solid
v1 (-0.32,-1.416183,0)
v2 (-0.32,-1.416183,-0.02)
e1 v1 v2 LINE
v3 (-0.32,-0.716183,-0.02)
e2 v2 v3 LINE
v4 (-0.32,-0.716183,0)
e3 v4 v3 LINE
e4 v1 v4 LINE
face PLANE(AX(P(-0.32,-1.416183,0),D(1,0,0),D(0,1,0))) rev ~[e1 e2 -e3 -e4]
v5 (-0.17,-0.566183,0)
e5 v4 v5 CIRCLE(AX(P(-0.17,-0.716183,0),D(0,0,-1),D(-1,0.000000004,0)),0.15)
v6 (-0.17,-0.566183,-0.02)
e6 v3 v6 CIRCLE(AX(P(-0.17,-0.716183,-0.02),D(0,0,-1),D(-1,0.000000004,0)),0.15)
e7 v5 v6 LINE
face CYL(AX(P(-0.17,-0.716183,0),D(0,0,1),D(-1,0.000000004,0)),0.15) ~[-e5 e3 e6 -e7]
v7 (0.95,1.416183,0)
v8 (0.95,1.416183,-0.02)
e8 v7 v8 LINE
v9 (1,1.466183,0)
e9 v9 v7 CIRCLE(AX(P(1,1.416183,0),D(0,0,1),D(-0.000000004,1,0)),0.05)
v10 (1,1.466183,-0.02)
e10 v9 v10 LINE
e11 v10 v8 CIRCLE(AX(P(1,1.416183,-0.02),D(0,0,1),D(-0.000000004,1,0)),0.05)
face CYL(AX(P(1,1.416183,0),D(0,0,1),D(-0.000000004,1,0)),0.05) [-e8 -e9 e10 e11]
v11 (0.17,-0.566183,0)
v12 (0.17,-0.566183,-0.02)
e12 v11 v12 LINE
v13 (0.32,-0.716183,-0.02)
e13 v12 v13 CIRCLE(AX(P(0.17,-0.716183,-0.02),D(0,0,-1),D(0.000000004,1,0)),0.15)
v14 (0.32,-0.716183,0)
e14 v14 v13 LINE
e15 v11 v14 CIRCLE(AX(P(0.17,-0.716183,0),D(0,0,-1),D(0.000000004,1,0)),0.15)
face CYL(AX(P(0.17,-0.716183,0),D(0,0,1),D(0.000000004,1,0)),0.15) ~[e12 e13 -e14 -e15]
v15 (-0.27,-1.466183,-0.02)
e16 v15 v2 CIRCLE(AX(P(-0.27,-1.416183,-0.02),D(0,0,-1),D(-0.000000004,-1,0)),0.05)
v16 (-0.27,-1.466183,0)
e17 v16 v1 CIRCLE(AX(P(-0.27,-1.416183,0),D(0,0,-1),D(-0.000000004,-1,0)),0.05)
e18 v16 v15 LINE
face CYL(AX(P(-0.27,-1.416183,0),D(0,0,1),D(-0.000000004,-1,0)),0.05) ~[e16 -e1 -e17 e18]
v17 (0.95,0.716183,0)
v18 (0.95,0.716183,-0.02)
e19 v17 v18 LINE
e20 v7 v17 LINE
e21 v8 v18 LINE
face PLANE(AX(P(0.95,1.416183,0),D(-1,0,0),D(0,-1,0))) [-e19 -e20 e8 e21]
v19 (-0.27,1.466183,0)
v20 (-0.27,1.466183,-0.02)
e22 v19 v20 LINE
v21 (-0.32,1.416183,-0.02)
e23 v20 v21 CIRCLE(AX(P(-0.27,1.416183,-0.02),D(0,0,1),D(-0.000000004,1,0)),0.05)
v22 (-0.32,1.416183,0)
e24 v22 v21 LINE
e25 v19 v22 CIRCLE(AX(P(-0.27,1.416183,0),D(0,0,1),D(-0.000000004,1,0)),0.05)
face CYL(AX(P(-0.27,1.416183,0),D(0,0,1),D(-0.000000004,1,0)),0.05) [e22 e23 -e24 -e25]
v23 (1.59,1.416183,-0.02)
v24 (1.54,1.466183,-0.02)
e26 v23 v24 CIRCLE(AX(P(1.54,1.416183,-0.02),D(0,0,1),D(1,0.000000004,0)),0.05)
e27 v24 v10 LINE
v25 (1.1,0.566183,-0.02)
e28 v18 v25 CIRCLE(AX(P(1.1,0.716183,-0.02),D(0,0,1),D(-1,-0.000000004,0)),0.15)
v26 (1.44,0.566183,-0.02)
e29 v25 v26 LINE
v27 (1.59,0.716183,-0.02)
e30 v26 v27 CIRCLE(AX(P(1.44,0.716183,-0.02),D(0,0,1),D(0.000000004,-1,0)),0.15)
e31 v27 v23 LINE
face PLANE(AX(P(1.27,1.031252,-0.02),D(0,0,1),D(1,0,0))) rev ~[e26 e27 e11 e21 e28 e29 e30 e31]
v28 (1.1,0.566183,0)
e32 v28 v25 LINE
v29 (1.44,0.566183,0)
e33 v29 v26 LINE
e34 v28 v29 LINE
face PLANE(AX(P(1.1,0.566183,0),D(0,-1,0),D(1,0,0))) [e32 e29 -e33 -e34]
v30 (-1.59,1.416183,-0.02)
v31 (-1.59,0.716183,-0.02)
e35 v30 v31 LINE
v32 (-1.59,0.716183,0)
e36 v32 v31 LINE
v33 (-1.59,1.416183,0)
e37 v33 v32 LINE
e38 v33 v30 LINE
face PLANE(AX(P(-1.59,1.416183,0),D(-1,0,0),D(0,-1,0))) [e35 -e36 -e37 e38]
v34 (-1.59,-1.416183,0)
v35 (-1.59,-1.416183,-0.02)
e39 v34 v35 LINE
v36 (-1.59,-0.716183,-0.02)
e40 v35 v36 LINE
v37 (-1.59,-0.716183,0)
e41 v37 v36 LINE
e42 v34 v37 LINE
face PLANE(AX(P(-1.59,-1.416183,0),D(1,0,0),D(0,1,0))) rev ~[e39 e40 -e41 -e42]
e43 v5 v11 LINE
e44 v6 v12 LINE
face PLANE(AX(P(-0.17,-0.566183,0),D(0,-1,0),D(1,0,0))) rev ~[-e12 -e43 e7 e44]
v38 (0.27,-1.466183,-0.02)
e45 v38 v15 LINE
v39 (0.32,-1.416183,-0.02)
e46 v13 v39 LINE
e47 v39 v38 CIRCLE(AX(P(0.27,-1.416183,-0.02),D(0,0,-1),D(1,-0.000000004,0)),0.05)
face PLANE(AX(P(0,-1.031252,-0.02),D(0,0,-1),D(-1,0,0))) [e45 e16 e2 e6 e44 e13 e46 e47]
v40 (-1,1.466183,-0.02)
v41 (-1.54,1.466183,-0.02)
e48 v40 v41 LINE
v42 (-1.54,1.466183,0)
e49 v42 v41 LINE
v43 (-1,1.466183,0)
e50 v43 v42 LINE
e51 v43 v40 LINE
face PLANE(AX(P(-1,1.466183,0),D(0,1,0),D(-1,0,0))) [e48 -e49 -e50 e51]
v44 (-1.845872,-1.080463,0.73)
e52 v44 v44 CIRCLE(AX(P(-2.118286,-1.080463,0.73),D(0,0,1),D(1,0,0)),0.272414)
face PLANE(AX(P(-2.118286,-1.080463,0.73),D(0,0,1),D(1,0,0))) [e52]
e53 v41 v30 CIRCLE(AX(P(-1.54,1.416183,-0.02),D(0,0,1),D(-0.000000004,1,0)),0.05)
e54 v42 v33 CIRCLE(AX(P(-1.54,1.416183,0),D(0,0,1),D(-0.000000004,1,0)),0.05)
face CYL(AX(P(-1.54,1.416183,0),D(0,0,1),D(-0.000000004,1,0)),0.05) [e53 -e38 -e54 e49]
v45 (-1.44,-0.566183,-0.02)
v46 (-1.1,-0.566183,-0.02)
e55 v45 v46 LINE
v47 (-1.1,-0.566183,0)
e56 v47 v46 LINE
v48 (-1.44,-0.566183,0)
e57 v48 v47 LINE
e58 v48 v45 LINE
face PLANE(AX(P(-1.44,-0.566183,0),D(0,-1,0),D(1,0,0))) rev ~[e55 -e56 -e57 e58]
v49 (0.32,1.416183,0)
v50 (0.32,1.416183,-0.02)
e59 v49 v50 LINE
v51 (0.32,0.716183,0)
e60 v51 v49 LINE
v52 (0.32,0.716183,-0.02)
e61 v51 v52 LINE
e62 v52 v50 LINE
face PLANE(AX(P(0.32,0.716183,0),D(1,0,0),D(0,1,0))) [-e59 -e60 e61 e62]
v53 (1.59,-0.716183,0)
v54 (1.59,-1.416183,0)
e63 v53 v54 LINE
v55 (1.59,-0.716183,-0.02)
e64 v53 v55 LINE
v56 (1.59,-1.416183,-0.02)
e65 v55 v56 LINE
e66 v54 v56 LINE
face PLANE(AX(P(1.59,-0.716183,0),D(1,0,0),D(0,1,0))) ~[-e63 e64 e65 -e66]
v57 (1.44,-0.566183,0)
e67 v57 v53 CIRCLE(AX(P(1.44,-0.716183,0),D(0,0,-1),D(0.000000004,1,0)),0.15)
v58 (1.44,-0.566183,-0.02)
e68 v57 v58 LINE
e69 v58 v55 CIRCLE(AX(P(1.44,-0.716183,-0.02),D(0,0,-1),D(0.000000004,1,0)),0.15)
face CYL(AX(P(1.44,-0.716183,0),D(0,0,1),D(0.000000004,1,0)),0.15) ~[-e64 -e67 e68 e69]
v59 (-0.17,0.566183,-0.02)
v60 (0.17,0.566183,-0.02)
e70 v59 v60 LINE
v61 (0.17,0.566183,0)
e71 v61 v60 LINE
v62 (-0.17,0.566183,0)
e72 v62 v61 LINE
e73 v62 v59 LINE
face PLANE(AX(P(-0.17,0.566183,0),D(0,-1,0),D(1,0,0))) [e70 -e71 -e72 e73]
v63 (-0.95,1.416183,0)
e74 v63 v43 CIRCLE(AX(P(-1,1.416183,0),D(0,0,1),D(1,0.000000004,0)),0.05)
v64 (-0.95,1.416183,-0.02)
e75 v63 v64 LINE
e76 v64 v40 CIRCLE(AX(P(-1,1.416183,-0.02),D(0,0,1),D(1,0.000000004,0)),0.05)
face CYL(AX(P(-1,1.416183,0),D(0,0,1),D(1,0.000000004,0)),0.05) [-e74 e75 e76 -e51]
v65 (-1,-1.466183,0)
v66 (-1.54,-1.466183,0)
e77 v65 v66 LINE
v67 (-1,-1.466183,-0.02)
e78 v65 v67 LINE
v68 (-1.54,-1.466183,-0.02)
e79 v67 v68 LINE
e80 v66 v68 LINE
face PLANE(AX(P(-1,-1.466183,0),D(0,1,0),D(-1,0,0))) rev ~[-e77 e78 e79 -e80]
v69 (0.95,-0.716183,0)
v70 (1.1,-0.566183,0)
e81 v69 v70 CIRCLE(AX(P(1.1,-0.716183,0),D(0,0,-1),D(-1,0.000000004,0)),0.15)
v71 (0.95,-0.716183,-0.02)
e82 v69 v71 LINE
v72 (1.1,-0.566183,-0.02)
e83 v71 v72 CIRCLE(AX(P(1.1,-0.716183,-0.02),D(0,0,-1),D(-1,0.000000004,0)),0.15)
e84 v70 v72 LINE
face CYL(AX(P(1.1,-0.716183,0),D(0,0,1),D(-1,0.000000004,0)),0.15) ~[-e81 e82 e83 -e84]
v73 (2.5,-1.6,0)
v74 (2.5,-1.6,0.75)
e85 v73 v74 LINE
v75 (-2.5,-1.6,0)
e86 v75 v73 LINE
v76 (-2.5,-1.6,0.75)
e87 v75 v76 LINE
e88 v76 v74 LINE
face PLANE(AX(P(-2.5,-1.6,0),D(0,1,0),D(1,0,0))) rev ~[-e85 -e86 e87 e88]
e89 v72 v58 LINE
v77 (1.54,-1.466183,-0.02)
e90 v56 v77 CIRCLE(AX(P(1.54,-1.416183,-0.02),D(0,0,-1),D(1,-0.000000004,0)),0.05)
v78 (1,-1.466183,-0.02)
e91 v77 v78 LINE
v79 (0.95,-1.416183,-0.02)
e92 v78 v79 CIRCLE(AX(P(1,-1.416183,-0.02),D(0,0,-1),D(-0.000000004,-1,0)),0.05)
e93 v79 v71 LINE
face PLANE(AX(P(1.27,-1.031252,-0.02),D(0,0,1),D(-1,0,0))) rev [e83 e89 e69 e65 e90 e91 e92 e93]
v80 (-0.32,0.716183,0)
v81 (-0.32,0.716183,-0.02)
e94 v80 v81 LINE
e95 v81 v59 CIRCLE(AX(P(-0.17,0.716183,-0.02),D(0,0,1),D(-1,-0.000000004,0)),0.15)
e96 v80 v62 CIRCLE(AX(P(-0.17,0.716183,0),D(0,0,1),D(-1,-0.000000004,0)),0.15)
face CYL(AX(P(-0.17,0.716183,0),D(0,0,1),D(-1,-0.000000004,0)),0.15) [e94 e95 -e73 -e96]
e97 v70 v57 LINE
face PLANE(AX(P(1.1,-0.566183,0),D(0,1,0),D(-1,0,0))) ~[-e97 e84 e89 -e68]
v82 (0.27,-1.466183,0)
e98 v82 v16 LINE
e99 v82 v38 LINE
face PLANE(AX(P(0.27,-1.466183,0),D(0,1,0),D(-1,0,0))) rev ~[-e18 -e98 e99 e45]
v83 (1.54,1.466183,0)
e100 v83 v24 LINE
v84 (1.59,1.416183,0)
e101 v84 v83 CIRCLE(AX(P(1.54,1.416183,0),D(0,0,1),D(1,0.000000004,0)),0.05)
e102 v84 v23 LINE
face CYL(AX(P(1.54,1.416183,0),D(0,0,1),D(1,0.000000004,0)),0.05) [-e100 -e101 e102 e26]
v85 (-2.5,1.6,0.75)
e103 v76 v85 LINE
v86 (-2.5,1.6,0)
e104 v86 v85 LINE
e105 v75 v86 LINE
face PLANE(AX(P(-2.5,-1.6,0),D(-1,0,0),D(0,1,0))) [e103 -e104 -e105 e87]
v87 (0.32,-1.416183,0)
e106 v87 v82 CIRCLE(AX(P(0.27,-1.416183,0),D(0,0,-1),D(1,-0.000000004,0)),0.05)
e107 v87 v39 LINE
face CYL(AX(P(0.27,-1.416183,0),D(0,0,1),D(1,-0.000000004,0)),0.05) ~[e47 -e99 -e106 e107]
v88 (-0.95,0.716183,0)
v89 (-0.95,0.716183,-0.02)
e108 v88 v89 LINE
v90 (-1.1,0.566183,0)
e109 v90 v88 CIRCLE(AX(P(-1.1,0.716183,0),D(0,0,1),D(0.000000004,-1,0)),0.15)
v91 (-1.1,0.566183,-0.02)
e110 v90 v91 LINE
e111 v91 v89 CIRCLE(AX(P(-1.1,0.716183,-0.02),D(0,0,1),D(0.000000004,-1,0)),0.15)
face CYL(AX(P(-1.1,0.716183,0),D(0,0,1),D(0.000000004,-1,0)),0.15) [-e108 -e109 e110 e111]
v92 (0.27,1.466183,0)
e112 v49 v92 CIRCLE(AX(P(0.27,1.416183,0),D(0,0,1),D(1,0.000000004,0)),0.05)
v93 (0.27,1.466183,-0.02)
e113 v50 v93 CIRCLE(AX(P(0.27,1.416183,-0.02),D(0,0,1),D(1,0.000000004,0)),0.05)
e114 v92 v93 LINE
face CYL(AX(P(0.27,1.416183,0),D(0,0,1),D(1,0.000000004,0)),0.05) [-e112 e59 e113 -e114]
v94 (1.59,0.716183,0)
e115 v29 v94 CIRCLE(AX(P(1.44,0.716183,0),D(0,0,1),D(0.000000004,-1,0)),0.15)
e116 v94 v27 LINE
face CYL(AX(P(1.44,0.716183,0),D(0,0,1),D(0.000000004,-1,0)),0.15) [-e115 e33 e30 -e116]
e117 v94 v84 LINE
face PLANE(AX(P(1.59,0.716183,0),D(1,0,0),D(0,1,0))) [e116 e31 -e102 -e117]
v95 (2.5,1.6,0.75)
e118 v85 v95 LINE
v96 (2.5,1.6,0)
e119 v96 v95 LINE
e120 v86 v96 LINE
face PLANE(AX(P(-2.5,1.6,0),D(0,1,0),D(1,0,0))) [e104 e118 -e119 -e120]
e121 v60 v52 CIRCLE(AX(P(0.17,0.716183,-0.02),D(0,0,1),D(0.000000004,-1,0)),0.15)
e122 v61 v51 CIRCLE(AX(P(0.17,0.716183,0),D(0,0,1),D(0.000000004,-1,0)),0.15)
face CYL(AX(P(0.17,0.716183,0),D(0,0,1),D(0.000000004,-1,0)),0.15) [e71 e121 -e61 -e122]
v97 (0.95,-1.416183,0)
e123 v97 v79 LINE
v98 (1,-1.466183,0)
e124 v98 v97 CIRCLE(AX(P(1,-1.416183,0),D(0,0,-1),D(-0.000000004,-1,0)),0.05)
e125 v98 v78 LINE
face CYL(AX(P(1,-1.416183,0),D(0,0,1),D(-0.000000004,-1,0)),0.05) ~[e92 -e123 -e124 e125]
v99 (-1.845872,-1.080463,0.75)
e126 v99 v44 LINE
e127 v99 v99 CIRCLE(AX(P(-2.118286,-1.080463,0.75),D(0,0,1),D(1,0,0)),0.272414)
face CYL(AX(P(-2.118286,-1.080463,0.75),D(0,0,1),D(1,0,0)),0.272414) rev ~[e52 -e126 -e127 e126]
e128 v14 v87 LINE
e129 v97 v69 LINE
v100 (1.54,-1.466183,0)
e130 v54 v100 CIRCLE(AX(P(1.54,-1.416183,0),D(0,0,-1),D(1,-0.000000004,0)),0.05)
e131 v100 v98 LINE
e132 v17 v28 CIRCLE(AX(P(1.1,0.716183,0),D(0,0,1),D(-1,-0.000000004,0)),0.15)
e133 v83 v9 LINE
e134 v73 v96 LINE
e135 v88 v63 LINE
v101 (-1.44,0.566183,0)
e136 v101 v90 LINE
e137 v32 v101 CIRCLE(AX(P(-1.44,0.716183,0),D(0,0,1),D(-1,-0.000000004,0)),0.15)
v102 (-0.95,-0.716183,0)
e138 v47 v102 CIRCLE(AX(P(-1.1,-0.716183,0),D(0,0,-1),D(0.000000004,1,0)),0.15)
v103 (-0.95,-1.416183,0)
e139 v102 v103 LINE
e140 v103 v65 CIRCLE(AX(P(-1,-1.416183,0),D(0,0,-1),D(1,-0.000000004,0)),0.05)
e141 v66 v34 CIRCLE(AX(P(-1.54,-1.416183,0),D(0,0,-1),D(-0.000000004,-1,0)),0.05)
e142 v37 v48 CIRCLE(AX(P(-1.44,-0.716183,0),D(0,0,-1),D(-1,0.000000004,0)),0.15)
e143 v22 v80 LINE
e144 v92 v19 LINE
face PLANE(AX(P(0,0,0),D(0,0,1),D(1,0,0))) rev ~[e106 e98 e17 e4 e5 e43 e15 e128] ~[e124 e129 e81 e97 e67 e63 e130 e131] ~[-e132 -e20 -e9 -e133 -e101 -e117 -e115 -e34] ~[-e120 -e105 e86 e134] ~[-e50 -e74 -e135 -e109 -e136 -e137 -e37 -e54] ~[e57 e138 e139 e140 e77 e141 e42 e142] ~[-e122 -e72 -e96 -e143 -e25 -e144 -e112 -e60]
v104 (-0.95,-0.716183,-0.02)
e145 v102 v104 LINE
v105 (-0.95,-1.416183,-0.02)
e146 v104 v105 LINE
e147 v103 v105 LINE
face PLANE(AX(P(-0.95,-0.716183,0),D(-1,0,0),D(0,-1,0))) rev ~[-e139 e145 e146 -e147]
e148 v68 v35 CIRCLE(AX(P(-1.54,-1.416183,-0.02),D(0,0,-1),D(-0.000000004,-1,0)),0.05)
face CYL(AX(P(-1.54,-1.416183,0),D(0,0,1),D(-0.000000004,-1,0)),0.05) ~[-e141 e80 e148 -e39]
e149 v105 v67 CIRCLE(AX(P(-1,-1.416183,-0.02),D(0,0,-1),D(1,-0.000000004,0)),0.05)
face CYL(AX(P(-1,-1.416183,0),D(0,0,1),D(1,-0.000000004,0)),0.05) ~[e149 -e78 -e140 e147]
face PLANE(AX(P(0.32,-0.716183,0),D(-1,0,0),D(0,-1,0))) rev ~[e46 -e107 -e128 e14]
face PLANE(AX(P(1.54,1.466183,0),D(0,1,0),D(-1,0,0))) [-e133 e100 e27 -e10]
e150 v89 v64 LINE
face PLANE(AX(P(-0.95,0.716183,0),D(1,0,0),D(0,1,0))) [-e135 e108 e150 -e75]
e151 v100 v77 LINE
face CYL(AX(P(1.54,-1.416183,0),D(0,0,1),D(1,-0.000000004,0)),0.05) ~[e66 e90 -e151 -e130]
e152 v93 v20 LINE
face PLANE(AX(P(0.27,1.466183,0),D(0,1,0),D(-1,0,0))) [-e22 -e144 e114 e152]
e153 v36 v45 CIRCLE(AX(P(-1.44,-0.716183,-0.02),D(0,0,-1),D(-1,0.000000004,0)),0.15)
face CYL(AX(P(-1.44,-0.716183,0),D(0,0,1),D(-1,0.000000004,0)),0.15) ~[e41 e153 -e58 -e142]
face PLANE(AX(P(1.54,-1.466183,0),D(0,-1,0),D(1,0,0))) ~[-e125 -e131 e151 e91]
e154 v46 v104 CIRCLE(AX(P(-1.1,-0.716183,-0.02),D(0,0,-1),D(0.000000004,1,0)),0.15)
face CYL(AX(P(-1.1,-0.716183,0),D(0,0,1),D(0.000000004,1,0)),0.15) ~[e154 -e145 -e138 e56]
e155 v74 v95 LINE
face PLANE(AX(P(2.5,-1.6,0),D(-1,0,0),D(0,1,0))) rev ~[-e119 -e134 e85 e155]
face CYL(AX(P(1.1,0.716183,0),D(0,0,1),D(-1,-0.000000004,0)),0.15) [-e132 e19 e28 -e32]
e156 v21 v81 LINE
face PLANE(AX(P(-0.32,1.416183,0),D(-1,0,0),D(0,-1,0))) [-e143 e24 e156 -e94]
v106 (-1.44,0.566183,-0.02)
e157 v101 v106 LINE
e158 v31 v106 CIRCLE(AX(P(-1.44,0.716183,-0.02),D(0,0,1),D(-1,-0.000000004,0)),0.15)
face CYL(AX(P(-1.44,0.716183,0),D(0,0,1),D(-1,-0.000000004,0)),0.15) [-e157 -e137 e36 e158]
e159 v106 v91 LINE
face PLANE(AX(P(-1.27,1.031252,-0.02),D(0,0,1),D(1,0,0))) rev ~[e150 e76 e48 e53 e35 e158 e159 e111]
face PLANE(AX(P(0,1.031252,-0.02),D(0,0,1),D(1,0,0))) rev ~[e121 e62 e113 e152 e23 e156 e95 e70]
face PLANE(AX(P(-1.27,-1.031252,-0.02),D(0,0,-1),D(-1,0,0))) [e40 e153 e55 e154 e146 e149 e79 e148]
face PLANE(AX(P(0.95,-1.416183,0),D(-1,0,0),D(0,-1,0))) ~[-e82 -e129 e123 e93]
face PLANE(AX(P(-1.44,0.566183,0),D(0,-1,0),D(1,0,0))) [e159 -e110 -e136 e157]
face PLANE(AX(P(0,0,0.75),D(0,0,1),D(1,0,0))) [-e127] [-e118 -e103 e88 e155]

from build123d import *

# Parameters (mm, degrees)
SKETCH1_W            = 5
SKETCH1_H            = 3.2
BOSS_EXTRUDE1_DEPTH  = 0.75
BOSS_EXTRUDE2_DEPTH  = 0.02
LPATTERN1_COUNT      = 3
LPATTERN1_PITCH      = 1.27
MIRROR1_COPY_1_DEPTH = 0.02
MIRROR1_COPY_2_DEPTH = 0.02
SKETCH3_R            = 0.272413565
CUT_EXTRUDE1_DEPTH   = 0.02


with BuildPart() as part:
    # Sketch1 → Boss-Extrude1 (new body)
    with BuildSketch(Plane.XY):
        Rectangle(SKETCH1_W, SKETCH1_H)
    extrude(amount=BOSS_EXTRUDE1_DEPTH)

    # Sketch2 → Boss-Extrude2 (add)
    with BuildSketch(Plane(origin=(0, 0, 0), x_dir=(-1, 0, 0), z_dir=(0, 0, -1))):
        with BuildLine():
            Line((-1.54, 1.466183209), (-1, 1.466183209))
            ThreePointArc((-1, 1.466183209), (-0.964644661, 1.451538548), (-0.95, 1.416183209))
            Line((-0.95, 1.416183209), (-0.95, 0.716183209))
            ThreePointArc((-0.95, 0.716183209), (-0.993933983, 0.610117192), (-1.1, 0.566183209))
            Line((-1.1, 0.566183209), (-1.44, 0.566183209))
            ThreePointArc((-1.44, 0.566183209), (-1.546066017, 0.610117192), (-1.59, 0.716183209))
            Line((-1.59, 0.716183209), (-1.59, 1.416183209))
            ThreePointArc((-1.59, 1.416183209), (-1.575355339, 1.451538548), (-1.54, 1.466183209))
        make_face()
    boss_extrude2 = extrude(amount=BOSS_EXTRUDE2_DEPTH)

    # LPattern1: Boss-Extrude2 ×3
    with Locations(*[(-i * LPATTERN1_PITCH, 0, 0) for i in range(1, LPATTERN1_COUNT)]):
        add(boss_extrude2)

    # Mirror1: Boss-Extrude2 across plane
    add(boss_extrude2.mirror(Plane.ZX))

    # Mirror1 copy 1 sketch → Mirror1 copy 1 (add)
    with BuildSketch(Plane(origin=(-1.27, 0, 0), x_dir=(-1, 0, 0), z_dir=(0, 0, -1))):
        with BuildLine():
            Line((-1.54, -1.466183209), (-1, -1.466183209))
            ThreePointArc((-1, -1.466183209), (-0.964644661, -1.451538548), (-0.95, -1.416183209))
            Line((-0.95, -1.416183209), (-0.95, -0.716183209))
            ThreePointArc((-0.95, -0.716183209), (-0.993933983, -0.610117192), (-1.1, -0.566183209))
            Line((-1.1, -0.566183209), (-1.44, -0.566183209))
            ThreePointArc((-1.44, -0.566183209), (-1.546066017, -0.610117192), (-1.59, -0.716183209))
            Line((-1.59, -0.716183209), (-1.59, -1.416183209))
            ThreePointArc((-1.59, -1.416183209), (-1.575355339, -1.451538548), (-1.54, -1.466183209))
        make_face()
    extrude(amount=MIRROR1_COPY_1_DEPTH)

    # Mirror1 copy 2 sketch → Mirror1 copy 2 (add)
    with BuildSketch(Plane(origin=(-2.54, 0, 0), x_dir=(-1, 0, 0), z_dir=(0, 0, -1))):
        with BuildLine():
            Line((-1.54, -1.466183209), (-1, -1.466183209))
            ThreePointArc((-1, -1.466183209), (-0.964644661, -1.451538548), (-0.95, -1.416183209))
            Line((-0.95, -1.416183209), (-0.95, -0.716183209))
            ThreePointArc((-0.95, -0.716183209), (-0.993933983, -0.610117192), (-1.1, -0.566183209))
            Line((-1.1, -0.566183209), (-1.44, -0.566183209))
            ThreePointArc((-1.44, -0.566183209), (-1.546066017, -0.610117192), (-1.59, -0.716183209))
            Line((-1.59, -0.716183209), (-1.59, -1.416183209))
            ThreePointArc((-1.59, -1.416183209), (-1.575355339, -1.451538548), (-1.54, -1.466183209))
        make_face()
    extrude(amount=MIRROR1_COPY_2_DEPTH)

    # Sketch3 → Cut-Extrude1 (cut)
    with BuildSketch(Plane.XY.offset(0.75)):
        with Locations((-2.118285692, -1.080463464)):
            Circle(SKETCH3_R)
    extrude(amount=-CUT_EXTRUDE1_DEPTH, mode=Mode.SUBTRACT)


solid = part.part
